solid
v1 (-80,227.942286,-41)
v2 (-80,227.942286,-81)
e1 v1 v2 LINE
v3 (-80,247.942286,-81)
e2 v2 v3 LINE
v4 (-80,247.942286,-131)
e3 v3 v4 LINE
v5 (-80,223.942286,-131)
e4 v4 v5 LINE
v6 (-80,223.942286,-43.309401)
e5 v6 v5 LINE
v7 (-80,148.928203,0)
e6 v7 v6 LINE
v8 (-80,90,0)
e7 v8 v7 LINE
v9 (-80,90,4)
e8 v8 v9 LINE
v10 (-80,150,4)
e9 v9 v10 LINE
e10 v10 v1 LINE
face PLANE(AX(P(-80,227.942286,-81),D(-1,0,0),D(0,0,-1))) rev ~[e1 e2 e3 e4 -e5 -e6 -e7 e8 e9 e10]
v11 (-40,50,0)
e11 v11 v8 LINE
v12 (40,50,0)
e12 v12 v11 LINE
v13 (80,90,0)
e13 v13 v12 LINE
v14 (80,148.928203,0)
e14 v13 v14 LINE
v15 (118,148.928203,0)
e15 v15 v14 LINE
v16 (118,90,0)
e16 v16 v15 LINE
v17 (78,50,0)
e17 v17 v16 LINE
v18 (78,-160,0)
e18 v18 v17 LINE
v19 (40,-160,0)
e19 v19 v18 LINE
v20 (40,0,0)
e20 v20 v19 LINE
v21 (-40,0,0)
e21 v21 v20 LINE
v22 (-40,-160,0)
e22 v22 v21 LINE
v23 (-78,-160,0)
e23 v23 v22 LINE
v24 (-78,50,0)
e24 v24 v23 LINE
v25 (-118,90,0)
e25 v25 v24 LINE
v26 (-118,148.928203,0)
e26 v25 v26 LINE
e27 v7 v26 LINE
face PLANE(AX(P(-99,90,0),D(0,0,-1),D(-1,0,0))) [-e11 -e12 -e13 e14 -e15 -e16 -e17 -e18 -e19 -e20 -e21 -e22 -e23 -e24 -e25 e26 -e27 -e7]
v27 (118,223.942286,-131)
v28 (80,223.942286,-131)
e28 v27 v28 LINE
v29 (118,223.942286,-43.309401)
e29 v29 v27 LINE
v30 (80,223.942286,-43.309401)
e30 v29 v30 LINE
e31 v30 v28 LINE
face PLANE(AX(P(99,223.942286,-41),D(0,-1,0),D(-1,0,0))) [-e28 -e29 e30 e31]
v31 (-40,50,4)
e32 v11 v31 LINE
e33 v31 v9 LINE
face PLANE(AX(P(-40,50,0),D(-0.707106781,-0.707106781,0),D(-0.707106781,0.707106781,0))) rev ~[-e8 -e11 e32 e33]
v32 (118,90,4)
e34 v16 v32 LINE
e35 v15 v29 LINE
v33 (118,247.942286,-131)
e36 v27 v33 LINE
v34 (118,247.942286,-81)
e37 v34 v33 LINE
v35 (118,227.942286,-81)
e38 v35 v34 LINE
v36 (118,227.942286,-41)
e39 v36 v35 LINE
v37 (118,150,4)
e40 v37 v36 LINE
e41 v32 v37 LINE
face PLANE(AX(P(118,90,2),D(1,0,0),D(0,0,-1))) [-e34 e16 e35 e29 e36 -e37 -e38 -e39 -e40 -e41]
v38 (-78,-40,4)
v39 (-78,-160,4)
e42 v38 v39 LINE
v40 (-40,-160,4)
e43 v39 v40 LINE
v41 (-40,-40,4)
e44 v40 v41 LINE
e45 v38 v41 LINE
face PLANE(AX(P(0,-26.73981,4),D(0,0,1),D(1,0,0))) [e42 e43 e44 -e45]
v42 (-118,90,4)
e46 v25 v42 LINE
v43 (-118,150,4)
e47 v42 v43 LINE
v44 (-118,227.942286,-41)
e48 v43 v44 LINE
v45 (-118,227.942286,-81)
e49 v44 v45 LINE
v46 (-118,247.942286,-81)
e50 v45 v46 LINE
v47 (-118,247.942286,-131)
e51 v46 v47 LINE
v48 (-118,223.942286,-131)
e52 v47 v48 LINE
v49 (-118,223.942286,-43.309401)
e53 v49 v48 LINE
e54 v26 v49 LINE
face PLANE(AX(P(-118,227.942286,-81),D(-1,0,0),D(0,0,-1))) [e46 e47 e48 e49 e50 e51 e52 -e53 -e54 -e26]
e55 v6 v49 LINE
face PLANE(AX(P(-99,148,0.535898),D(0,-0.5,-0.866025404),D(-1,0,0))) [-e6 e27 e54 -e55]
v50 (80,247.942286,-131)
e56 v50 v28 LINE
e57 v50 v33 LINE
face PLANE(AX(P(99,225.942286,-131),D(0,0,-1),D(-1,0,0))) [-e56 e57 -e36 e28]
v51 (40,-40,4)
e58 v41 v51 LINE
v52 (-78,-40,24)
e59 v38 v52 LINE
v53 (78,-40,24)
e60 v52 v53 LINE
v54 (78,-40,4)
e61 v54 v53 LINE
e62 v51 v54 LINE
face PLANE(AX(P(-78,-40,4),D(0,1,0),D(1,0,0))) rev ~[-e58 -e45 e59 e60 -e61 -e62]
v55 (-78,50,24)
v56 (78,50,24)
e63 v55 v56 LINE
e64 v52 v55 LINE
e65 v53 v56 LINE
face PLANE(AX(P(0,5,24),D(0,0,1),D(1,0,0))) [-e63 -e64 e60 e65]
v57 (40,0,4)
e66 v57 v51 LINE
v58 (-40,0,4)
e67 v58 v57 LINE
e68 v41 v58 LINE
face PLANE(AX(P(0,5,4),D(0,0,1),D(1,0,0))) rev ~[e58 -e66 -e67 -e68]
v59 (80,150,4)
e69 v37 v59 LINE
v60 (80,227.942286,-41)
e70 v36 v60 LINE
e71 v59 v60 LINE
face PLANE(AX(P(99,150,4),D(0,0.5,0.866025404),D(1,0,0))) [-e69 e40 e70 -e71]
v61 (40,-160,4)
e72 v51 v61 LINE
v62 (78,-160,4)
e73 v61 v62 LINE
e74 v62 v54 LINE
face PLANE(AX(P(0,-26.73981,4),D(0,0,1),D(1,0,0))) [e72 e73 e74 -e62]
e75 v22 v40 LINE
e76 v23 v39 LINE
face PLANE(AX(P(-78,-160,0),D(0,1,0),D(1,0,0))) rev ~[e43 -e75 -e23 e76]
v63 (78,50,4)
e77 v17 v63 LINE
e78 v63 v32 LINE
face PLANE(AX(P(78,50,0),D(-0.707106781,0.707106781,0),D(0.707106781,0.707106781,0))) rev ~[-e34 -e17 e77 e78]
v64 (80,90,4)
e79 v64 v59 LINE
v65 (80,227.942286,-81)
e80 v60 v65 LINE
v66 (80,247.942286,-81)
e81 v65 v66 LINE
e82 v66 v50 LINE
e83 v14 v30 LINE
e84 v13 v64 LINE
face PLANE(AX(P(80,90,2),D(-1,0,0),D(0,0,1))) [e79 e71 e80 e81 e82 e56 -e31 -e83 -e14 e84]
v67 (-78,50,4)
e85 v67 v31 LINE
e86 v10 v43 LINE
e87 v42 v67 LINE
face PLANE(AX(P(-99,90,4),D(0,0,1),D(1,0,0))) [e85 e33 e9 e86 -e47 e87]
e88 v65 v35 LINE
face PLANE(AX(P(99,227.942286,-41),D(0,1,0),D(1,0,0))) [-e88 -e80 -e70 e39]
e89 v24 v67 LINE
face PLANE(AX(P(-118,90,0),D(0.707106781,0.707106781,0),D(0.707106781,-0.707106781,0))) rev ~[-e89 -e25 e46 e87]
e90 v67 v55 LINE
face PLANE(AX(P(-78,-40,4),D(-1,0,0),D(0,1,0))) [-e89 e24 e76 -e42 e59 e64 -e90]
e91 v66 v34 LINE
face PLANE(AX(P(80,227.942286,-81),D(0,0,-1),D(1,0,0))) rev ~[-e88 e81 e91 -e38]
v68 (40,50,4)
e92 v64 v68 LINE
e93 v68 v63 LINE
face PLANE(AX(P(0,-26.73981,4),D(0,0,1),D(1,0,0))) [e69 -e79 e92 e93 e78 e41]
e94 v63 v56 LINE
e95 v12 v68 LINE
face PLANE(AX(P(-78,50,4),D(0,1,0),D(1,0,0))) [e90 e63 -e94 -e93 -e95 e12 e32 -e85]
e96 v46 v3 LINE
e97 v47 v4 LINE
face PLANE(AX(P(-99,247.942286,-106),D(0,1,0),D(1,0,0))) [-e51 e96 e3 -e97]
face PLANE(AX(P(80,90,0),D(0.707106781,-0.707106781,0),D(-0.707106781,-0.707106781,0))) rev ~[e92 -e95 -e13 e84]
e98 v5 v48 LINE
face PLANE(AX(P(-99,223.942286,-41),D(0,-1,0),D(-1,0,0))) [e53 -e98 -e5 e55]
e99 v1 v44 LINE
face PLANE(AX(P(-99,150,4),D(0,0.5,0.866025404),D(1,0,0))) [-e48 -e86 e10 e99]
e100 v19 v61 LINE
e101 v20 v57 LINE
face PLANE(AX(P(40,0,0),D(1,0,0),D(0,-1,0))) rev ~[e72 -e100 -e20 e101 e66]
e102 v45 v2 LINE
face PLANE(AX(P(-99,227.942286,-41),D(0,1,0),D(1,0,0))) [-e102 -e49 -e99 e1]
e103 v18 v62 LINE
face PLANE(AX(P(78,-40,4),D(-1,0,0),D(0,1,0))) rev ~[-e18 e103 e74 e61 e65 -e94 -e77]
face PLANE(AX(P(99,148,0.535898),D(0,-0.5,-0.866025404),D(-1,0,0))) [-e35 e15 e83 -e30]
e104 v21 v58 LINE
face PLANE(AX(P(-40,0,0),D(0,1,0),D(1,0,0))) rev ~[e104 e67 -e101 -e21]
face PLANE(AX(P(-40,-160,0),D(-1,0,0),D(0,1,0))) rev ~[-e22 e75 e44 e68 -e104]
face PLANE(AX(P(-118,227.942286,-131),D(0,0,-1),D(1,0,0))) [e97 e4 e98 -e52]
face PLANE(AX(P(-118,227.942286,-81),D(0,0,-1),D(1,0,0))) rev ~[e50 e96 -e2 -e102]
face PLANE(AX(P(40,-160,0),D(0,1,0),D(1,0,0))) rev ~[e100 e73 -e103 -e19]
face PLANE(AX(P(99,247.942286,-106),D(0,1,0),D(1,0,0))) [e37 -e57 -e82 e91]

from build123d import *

# Parameters (mm, degrees)
EXTRUDE_1_DEPTH = 4
SKETCH_11_W     = 156
SKETCH_11_H     = 90
EXTRUDE_2_DEPTH = 20
SKETCH_12_W     = 38
SKETCH_12_H     = 4
SKETCH_14_W     = 38
SKETCH_14_H     = 50
EXTRUDE_3_DEPTH = 20


with BuildPart() as part:
    # 草图1 → 凸台-拉伸1 (new body)
    with BuildSketch(Plane.XY):
        Polygon((-40, 0), (40, 0), (40, -160), (78, -160), (78, 0), (78, 50), (118, 90), (80, 90), (40, 50), (-40, 50), (-80, 90), (-118, 90), (-78, 50), (-78, 0), (-78, -160), (-40, -160), align=None)
    extrude(amount=EXTRUDE_1_DEPTH)

    # 草图11 → 凸台-拉伸2 (add)
    with BuildSketch(Plane.XY.offset(4)):
        with Locations((0, 5)):
            Rectangle(SKETCH_11_W, SKETCH_11_H)
    extrude(amount=EXTRUDE_2_DEPTH)

    # 扫描1: sweep along a path in 草图13
    with BuildLine(Plane(origin=(78, 0, 0), x_dir=(0, 0, -1), z_dir=(1, 0, 0))) as sweep_1_path:
        Line((-4, 90), (-4, 150))
        Line((-4, 150), (41, 227.942286341))
        Line((41, 227.942286341), (131, 227.942286341))
    # 草图12 → 扫描1 (sweep)
    with BuildSketch(Plane(origin=(0, 90, 0), x_dir=(1, 0, 0), z_dir=(0, 1, 0))):
        with Locations((-99, -2)):
            Rectangle(SKETCH_12_W, SKETCH_12_H)
        with Locations((99, -2)):
            Rectangle(SKETCH_12_W, SKETCH_12_H)
    sweep(path=sweep_1_path.line, transition=Transition.RIGHT)

    # 草图14 → 凸台-拉伸3 (add)
    with BuildSketch(Plane(origin=(0, 227.942286341, 0), x_dir=(1, 0, 0), z_dir=(0, 1, 0))):
        with Locations((-99, 106)):
            Rectangle(SKETCH_14_W, SKETCH_14_H)
        with Locations((99, 106)):
            Rectangle(SKETCH_14_W, SKETCH_14_H)
    extrude(amount=EXTRUDE_3_DEPTH)


solid = part.part
